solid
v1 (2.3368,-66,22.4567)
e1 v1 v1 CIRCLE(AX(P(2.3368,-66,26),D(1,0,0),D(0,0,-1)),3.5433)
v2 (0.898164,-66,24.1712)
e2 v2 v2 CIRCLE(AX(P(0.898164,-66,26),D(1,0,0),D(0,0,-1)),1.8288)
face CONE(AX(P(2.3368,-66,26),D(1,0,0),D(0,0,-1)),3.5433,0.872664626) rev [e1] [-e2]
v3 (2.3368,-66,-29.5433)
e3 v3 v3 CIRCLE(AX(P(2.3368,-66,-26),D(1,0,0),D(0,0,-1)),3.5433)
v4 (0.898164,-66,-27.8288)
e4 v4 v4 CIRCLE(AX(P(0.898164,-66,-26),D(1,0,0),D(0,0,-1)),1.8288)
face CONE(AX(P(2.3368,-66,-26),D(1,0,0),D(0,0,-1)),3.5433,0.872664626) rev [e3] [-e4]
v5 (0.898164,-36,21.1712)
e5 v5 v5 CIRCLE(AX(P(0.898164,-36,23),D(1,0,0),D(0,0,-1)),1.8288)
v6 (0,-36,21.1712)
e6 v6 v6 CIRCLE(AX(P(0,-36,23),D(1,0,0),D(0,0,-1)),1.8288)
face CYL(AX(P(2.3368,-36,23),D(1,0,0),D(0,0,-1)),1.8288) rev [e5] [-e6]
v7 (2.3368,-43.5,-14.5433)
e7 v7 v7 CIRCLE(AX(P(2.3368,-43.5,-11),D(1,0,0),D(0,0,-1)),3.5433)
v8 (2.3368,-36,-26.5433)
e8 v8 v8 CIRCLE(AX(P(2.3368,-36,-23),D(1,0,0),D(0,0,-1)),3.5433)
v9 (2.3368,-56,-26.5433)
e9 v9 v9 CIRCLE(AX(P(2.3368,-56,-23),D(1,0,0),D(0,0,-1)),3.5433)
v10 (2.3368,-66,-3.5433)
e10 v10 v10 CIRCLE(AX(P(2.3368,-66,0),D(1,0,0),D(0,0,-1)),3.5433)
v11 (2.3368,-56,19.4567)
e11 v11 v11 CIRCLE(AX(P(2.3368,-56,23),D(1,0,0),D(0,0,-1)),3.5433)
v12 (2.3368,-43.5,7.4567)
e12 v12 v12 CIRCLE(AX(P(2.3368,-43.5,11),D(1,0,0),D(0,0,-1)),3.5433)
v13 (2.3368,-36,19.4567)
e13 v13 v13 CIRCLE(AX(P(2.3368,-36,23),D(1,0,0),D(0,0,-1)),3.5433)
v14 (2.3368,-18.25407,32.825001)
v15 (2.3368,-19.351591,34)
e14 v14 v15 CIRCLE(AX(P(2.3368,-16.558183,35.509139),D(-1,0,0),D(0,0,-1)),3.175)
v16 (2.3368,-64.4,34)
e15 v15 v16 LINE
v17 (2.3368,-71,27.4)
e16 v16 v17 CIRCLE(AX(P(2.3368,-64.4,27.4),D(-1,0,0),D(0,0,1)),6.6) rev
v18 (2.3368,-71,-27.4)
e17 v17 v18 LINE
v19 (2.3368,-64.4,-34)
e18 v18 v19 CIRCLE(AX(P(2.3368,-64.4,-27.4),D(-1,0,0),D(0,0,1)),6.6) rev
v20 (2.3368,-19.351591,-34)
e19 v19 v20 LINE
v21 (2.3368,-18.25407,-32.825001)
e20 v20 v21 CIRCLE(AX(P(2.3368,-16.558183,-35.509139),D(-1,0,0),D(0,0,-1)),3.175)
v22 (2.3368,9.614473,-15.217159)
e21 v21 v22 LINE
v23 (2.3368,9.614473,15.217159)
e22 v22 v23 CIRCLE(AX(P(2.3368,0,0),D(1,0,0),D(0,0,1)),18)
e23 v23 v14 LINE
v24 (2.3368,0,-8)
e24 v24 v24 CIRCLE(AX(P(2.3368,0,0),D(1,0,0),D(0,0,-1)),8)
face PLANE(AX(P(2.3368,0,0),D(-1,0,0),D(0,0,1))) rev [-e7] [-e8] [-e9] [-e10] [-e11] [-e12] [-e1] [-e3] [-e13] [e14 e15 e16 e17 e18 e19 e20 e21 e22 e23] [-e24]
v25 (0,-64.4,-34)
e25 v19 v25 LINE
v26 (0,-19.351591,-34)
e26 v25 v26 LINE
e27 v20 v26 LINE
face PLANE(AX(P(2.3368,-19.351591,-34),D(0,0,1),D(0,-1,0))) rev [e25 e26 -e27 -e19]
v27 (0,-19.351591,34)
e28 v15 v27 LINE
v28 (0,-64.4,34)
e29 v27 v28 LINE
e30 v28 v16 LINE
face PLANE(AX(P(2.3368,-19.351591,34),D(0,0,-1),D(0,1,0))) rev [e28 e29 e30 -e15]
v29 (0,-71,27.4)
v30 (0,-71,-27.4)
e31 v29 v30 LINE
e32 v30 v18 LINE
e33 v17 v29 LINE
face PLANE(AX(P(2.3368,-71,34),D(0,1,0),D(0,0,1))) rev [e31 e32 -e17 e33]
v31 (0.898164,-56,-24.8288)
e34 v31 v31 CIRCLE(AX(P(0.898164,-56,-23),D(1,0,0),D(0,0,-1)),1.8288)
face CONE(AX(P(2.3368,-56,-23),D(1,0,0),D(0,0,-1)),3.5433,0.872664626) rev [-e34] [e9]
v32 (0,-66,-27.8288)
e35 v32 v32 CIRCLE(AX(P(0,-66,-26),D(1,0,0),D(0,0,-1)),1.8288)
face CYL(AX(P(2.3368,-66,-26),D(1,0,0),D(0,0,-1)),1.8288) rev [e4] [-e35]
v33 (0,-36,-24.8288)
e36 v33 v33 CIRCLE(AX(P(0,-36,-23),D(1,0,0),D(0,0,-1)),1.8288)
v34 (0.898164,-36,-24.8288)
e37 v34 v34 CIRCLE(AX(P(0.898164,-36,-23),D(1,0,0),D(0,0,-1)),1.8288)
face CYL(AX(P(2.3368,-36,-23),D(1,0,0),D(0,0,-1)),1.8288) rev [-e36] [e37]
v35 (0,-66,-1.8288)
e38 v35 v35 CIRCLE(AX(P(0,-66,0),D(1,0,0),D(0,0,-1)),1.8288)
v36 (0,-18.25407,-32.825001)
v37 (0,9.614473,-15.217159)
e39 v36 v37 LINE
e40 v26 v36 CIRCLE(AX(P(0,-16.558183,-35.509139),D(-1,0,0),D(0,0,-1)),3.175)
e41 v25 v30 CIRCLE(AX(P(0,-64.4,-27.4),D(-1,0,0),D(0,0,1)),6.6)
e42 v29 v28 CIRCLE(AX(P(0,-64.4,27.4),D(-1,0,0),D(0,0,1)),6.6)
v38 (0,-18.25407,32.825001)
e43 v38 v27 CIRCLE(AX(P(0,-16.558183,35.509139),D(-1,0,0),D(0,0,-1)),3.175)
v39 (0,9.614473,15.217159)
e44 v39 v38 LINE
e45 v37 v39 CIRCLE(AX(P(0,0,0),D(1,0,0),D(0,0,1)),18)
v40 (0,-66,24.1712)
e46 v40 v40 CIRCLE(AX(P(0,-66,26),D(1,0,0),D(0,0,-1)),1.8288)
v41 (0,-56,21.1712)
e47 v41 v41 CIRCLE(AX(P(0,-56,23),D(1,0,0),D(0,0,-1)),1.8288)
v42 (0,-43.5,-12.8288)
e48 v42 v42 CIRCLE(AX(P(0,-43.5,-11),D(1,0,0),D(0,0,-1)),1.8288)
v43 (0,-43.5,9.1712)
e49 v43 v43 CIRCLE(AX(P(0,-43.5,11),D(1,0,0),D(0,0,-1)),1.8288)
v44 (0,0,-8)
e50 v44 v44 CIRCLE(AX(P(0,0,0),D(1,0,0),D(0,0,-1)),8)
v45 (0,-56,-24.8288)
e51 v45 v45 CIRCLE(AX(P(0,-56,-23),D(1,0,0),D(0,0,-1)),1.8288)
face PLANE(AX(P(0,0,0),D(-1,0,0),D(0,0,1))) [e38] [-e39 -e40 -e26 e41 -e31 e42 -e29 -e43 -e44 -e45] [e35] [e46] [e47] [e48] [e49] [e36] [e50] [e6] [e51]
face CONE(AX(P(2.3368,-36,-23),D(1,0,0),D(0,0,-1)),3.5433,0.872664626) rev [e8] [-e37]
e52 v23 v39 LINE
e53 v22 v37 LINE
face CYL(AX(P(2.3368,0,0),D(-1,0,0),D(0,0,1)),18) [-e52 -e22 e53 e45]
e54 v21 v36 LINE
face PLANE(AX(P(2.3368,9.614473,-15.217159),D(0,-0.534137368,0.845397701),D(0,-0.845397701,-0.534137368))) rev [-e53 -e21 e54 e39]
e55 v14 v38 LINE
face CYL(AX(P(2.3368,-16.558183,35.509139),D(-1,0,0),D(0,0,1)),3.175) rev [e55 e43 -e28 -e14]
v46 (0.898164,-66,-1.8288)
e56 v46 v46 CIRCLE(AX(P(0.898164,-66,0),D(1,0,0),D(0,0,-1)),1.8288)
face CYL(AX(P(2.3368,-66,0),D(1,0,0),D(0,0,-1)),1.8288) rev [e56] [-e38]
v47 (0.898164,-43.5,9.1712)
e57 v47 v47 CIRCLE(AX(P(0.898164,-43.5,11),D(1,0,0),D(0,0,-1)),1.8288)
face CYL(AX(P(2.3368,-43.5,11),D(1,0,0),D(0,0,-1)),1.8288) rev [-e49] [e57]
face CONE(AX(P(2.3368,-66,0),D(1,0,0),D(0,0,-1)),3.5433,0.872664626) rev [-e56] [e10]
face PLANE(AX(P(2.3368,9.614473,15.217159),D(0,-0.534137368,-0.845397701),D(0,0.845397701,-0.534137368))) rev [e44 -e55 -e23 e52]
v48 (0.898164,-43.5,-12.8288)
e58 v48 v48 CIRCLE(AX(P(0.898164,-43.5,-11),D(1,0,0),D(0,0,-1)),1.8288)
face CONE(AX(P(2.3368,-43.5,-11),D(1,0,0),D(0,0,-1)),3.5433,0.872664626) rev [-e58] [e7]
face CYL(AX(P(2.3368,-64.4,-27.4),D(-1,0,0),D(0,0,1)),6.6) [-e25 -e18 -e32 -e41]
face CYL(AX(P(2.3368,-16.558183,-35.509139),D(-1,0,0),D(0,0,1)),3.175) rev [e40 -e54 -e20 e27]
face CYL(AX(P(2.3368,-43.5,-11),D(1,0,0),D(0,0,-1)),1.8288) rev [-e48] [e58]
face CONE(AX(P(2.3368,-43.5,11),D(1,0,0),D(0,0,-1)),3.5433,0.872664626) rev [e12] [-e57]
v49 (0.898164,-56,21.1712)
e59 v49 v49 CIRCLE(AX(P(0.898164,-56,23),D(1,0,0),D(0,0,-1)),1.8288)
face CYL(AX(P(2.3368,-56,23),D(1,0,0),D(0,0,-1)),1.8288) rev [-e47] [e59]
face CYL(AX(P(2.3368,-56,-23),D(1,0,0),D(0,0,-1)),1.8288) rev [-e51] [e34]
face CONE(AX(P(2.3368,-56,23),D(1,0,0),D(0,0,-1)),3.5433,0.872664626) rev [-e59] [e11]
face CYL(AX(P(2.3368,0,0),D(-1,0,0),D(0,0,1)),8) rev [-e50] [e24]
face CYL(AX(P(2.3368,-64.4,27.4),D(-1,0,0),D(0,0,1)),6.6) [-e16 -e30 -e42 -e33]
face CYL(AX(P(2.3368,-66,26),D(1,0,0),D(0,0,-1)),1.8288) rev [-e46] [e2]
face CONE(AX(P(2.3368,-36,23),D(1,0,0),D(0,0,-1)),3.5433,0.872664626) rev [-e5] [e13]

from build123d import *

# Parameters (mm, degrees)
SKETCH1_R                                 = 8
BOSS_EXTRUDE1_DEPTH                       = 2.3368
CSK_FOR_6_FLAT_HEAD_MACHINE_SCREW_2_COUNT = 2
CSK_FOR_6_FLAT_HEAD_MACHINE_SCREW_2_PITCH = 10.440306509
CSK_FOR_6_FLAT_HEAD_MACHINE_SCREW_3_COUNT = 2
CSK_FOR_6_FLAT_HEAD_MACHINE_SCREW_3_PITCH = 30.149626863
CSK_FOR_6_FLAT_HEAD_MACHINE_SCREW_4_COUNT = 2
CSK_FOR_6_FLAT_HEAD_MACHINE_SCREW_4_PITCH = 27.041634566
CSK_FOR_6_FLAT_HEAD_MACHINE_SCREW_5_COUNT = 2
CSK_FOR_6_FLAT_HEAD_MACHINE_SCREW_5_PITCH = 26
CSK_FOR_6_FLAT_HEAD_MACHINE_SCREW_6_COUNT = 2
CSK_FOR_6_FLAT_HEAD_MACHINE_SCREW_6_PITCH = 52
CSK_FOR_6_FLAT_HEAD_MACHINE_SCREW_7_COUNT = 2
CSK_FOR_6_FLAT_HEAD_MACHINE_SCREW_7_PITCH = 50.009999
CSK_FOR_6_FLAT_HEAD_MACHINE_SCREW_8_COUNT = 2
CSK_FOR_6_FLAT_HEAD_MACHINE_SCREW_8_PITCH = 43.304156844
CSK_FOR_6_FLAT_HEAD_MACHINE_SCREW_9_COUNT = 2
CSK_FOR_6_FLAT_HEAD_MACHINE_SCREW_9_PITCH = 57.454329689
FILLET1_R                                 = 6.6


with BuildPart() as part:
    # Sketch1 → Boss-Extrude1 (new body)
    with BuildSketch(Plane(origin=(0, 0, 0), x_dir=(0, 0, -1), z_dir=(1, 0, 0))):
        with BuildLine():
            Line((-15.217158613, 9.614472619), (-32.825001396, -18.254069638))
            ThreePointArc((-32.825001396, -18.254069638), (-33.341875677, -18.878440867), (-34, -19.351590767))
            Line((-34, -19.351590767), (-34, -71))
            Line((-34, -71), (34, -71))
            Line((34, -71), (34, -19.351590767))
            ThreePointArc((34, -19.351590767), (33.341875677, -18.878440867), (32.825001396, -18.254069638))
            Line((32.825001396, -18.254069638), (15.217158613, 9.614472619))
            ThreePointArc((15.217158613, 9.614472619), (0, 18), (-15.217158613, 9.614472619))
        make_face()
        Circle(SKETCH1_R, mode=Mode.SUBTRACT)
    extrude(amount=BOSS_EXTRUDE1_DEPTH)

    # Sketch4 → CSK for #6 Flat Head Machine Screw (100)1 (revolve, cut)
    with BuildSketch(Plane(origin=(2.3368, -66, 26), x_dir=(0, 0, -1), z_dir=(0, 1, 0))):
        Polygon((0, 0), (0, 2.3368), (1.8288, 2.3368), (1.8288, 1.438636318), (3.5433, 0), align=None)
    csk_for_6_flat_head_machine_screw_100 = revolve(axis=Axis((8.6868, -66, 26), (-1, 0, 0)), mode=Mode.SUBTRACT)

    # CSK for _6 Flat Head Machine Screw _ 2: CSK for #6 Flat Head Machine Screw (100)1 ×2
    with Locations(*[Vector(0, 0.9578262852211523, -0.2873478855663425) * (i * CSK_FOR_6_FLAT_HEAD_MACHINE_SCREW_2_PITCH) for i in range(1, CSK_FOR_6_FLAT_HEAD_MACHINE_SCREW_2_COUNT)]):
        add(csk_for_6_flat_head_machine_screw_100, mode=Mode.SUBTRACT)

    # CSK for _6 Flat Head Machine Screw _ 3: CSK for #6 Flat Head Machine Screw (100)1 ×2
    with Locations(*[Vector(0, 0.9950371902099893, -0.09950371902099815) * (i * CSK_FOR_6_FLAT_HEAD_MACHINE_SCREW_3_PITCH) for i in range(1, CSK_FOR_6_FLAT_HEAD_MACHINE_SCREW_3_COUNT)]):
        add(csk_for_6_flat_head_machine_screw_100, mode=Mode.SUBTRACT)

    # CSK for _6 Flat Head Machine Screw _ 4: CSK for #6 Flat Head Machine Screw (100)1 ×2
    with Locations(*[Vector(0, 0.832050294337844, -0.5547001962252285) * (i * CSK_FOR_6_FLAT_HEAD_MACHINE_SCREW_4_PITCH) for i in range(1, CSK_FOR_6_FLAT_HEAD_MACHINE_SCREW_4_COUNT)]):
        add(csk_for_6_flat_head_machine_screw_100, mode=Mode.SUBTRACT)

    # CSK for _6 Flat Head Machine Screw _ 5: CSK for #6 Flat Head Machine Screw (100)1 ×2
    with Locations(*[(0, 0, -i * CSK_FOR_6_FLAT_HEAD_MACHINE_SCREW_5_PITCH) for i in range(1, CSK_FOR_6_FLAT_HEAD_MACHINE_SCREW_5_COUNT)]):
        add(csk_for_6_flat_head_machine_screw_100, mode=Mode.SUBTRACT)

    # CSK for _6 Flat Head Machine Screw _ 6: CSK for #6 Flat Head Machine Screw (100)1 ×2
    with Locations(*[(0, 0, -i * CSK_FOR_6_FLAT_HEAD_MACHINE_SCREW_6_PITCH) for i in range(1, CSK_FOR_6_FLAT_HEAD_MACHINE_SCREW_6_COUNT)]):
        add(csk_for_6_flat_head_machine_screw_100, mode=Mode.SUBTRACT)

    # CSK for _6 Flat Head Machine Screw _ 7: CSK for #6 Flat Head Machine Screw (100)1 ×2
    with Locations(*[Vector(0, 0.19996001199600139, -0.9798040587804069) * (i * CSK_FOR_6_FLAT_HEAD_MACHINE_SCREW_7_PITCH) for i in range(1, CSK_FOR_6_FLAT_HEAD_MACHINE_SCREW_7_COUNT)]):
        add(csk_for_6_flat_head_machine_screw_100, mode=Mode.SUBTRACT)

    # CSK for _6 Flat Head Machine Screw _ 8: CSK for #6 Flat Head Machine Screw (100)1 ×2
    with Locations(*[Vector(0, 0.5195806047182286, -0.8544214388699759) * (i * CSK_FOR_6_FLAT_HEAD_MACHINE_SCREW_8_PITCH) for i in range(1, CSK_FOR_6_FLAT_HEAD_MACHINE_SCREW_8_COUNT)]):
        add(csk_for_6_flat_head_machine_screw_100, mode=Mode.SUBTRACT)

    # CSK for _6 Flat Head Machine Screw _ 9: CSK for #6 Flat Head Machine Screw (100)1 ×2
    with Locations(*[Vector(0, 0.52215385963853, -0.8528513040762653) * (i * CSK_FOR_6_FLAT_HEAD_MACHINE_SCREW_9_PITCH) for i in range(1, CSK_FOR_6_FLAT_HEAD_MACHINE_SCREW_9_COUNT)]):
        add(csk_for_6_flat_head_machine_screw_100, mode=Mode.SUBTRACT)

    # Fillet1
    fillet1_edges = [part.edges().sort_by_distance(p)[0] for p in [
        (1.1684, -71, -34),
        (1.1684, -71, 34),
    ]]
    fillet(fillet1_edges, radius=FILLET1_R)


solid = part.part
